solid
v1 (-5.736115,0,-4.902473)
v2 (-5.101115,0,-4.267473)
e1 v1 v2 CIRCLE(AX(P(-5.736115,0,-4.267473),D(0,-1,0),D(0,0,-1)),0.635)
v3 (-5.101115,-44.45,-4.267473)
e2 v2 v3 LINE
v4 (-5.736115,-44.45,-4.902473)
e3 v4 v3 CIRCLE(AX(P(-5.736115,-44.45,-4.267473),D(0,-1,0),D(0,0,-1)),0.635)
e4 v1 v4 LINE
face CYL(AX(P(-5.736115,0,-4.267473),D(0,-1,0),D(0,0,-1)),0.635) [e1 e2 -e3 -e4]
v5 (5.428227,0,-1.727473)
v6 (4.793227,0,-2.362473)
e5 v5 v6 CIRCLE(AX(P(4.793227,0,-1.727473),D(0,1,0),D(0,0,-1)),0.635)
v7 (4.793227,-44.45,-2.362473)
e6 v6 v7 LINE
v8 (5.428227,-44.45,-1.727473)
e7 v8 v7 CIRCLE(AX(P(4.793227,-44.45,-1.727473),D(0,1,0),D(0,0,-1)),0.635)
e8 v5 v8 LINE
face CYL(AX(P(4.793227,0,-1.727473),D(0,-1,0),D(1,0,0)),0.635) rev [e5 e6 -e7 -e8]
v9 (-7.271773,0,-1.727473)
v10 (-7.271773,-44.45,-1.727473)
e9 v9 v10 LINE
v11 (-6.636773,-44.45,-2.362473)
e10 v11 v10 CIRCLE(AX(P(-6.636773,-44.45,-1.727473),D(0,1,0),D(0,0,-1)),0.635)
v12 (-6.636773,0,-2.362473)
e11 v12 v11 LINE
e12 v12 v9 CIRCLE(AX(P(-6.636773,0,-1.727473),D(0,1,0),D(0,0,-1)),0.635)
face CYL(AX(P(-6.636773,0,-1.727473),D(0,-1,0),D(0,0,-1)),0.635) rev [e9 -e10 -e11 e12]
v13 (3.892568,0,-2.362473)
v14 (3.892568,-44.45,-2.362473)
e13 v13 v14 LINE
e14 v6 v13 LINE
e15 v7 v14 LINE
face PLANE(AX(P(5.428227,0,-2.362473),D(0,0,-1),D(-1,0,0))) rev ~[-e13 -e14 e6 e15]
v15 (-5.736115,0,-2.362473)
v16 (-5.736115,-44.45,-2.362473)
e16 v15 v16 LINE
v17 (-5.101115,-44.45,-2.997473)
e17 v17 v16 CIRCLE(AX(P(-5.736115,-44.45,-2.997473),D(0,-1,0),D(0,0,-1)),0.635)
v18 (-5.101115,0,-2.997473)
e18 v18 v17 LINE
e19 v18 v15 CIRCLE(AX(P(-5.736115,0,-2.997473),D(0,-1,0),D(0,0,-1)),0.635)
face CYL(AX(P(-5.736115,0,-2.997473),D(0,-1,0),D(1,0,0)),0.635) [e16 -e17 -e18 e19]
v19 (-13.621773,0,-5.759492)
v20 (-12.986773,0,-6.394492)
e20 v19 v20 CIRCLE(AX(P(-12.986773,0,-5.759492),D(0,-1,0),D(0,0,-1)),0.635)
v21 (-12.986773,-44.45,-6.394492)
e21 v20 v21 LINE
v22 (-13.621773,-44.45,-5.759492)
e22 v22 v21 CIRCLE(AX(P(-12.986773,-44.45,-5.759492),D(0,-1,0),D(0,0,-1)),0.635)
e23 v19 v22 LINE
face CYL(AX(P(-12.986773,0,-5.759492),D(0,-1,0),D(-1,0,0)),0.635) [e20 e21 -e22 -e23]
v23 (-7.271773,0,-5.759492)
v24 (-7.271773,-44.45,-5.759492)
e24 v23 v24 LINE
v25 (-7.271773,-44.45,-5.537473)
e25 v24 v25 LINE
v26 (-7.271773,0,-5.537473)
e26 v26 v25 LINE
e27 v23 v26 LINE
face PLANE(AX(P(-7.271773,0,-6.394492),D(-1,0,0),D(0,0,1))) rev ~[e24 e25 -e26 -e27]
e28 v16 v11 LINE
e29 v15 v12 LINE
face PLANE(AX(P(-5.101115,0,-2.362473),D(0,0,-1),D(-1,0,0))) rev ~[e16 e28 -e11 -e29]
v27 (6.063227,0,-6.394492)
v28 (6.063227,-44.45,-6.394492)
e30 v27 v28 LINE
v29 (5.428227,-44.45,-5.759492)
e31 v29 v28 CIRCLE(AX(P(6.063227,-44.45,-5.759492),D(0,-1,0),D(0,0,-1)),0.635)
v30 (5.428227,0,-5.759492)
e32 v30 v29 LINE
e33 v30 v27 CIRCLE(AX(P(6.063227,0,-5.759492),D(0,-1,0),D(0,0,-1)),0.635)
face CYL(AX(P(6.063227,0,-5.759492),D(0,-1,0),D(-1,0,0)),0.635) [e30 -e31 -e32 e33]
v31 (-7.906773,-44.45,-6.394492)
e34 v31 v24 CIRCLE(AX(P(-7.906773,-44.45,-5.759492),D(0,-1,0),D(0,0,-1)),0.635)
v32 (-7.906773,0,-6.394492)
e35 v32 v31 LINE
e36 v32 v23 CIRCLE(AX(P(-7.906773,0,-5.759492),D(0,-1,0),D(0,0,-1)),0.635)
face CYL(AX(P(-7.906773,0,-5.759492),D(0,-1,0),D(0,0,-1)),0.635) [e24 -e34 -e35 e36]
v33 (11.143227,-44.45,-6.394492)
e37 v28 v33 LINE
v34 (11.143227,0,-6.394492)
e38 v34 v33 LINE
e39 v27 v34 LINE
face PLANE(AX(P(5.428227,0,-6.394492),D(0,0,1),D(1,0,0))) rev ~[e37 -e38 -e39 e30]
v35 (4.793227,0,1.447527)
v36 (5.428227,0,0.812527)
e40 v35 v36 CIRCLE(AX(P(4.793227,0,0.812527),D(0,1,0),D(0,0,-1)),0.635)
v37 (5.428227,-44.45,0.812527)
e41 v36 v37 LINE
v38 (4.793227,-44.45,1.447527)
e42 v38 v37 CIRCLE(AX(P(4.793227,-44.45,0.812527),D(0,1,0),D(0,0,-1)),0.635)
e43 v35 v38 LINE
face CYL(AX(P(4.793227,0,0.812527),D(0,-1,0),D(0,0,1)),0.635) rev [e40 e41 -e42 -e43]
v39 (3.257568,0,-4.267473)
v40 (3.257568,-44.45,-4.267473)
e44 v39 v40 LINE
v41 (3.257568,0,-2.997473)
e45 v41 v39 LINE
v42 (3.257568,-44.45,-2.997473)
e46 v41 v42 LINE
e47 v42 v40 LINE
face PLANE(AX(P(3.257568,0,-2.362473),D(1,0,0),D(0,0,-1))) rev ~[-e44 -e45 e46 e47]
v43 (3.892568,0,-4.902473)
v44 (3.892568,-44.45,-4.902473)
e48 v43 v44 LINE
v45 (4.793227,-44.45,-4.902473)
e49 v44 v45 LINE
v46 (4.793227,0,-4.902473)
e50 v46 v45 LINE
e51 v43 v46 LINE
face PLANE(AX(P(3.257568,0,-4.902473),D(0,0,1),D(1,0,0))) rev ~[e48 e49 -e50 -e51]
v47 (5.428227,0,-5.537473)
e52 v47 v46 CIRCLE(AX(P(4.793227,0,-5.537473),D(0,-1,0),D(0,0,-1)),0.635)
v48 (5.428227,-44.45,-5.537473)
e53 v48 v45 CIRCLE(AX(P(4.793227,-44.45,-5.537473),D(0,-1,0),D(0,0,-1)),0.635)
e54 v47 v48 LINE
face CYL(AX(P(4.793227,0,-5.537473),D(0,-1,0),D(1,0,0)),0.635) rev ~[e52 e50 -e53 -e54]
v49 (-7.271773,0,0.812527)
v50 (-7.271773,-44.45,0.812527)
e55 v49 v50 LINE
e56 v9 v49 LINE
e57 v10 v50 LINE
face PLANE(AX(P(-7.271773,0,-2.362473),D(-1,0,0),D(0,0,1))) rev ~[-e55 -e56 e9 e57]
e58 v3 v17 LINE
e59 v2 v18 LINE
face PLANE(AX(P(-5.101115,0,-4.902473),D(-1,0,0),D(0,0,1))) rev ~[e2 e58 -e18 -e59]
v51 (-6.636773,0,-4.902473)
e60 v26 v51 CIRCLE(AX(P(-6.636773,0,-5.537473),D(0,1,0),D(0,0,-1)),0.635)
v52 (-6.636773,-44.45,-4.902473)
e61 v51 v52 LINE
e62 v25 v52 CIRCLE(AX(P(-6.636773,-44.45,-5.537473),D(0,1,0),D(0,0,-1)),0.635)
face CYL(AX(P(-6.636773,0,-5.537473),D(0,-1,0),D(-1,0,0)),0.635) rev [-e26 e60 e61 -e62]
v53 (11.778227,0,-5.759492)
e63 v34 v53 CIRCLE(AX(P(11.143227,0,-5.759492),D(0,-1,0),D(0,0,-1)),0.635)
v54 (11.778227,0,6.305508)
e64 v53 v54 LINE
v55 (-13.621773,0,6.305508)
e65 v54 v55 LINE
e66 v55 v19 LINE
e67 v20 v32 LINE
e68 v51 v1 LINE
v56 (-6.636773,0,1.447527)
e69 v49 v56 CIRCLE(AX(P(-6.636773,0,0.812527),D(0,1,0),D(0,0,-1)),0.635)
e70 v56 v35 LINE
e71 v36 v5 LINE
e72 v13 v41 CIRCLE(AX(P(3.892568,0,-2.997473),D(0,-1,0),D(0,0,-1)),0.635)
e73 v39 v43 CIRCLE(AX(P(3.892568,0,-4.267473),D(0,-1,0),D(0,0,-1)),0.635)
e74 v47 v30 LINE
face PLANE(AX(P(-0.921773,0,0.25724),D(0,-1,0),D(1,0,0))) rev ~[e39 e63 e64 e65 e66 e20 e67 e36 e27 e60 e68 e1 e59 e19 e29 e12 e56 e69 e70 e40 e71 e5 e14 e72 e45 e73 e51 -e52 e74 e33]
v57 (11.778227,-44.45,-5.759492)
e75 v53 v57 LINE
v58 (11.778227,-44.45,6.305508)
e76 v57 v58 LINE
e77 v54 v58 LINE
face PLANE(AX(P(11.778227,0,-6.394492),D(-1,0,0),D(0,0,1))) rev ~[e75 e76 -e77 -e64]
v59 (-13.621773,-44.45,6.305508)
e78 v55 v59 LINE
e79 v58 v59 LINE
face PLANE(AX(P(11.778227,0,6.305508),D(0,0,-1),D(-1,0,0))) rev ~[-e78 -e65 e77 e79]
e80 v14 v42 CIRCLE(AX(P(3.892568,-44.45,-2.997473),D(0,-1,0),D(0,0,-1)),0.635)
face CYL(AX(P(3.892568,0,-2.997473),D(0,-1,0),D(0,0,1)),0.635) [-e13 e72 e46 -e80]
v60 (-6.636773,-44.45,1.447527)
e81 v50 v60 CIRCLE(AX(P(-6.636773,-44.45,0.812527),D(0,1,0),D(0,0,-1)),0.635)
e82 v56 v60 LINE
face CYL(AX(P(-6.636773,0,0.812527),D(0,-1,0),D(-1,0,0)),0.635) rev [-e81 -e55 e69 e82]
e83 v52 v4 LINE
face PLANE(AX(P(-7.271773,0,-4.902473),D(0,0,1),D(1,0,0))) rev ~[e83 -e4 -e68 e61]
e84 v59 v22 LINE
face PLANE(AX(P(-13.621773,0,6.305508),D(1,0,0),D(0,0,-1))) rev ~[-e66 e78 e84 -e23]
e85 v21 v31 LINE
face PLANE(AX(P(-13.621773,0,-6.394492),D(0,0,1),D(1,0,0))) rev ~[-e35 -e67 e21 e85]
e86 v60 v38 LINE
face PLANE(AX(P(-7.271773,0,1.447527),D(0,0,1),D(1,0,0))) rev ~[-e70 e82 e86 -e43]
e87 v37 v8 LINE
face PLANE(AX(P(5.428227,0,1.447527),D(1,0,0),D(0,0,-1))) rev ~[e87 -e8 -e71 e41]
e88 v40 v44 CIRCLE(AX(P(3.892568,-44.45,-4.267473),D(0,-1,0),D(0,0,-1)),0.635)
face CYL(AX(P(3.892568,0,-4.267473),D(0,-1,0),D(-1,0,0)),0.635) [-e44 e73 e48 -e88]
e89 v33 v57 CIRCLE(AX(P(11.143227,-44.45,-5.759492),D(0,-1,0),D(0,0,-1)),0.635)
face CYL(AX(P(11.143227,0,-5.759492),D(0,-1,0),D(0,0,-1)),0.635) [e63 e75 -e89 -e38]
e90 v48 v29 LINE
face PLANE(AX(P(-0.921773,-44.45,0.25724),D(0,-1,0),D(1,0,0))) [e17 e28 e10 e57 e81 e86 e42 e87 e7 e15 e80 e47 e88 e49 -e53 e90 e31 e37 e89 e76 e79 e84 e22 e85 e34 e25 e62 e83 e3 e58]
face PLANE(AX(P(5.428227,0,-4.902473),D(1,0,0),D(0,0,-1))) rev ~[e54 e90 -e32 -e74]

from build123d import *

# Parameters (mm, degrees)
F1_DEPTH = 44.45
F2_R     = 0.635


with BuildPart() as f1:
    # F0 (on Front) → F1 (new body)
    with BuildSketch(Plane.XZ):
        Polygon((5.428227, -4.902473), (5.428227, -6.394492), (11.778227, -6.394492), (11.778227, 6.305508), (-13.621773, 6.305508), (-13.621773, -6.394492), (-7.271773, -6.394492), (-7.271773, -4.902473), (-5.101115, -4.902473), (-5.101115, -2.362473), (-7.271773, -2.362473), (-7.271773, 1.447527), (5.428227, 1.447527), (5.428227, -2.362473), (3.257568, -2.362473), (3.257568, -4.902473), align=None)
    extrude(amount=F1_DEPTH)

    # F2
    f2_edges = [f1.edges().sort_by_distance(p)[0] for p in [
        (-7.271773, -22.225, 1.447527),
        (-7.271773, -22.225, -2.362473),
        (-5.101115, -22.225, -2.362473),
        (-5.101115, -22.225, -4.902473),
        (-7.271773, -22.225, -4.902473),
        (5.428227, -22.225, 1.447527),
        (5.428227, -22.225, -2.362473),
        (3.257568, -22.225, -2.362473),
        (3.257568, -22.225, -4.902473),
        (5.428227, -22.225, -4.902473),
        (-7.271773, -22.225, -6.394492),
        (5.428227, -22.225, -6.394492),
        (11.778227, -22.225, -6.394492),
        (-13.621773, -22.225, -6.394492),
    ]]
    fillet(f2_edges, radius=F2_R)


solid = f1.part
